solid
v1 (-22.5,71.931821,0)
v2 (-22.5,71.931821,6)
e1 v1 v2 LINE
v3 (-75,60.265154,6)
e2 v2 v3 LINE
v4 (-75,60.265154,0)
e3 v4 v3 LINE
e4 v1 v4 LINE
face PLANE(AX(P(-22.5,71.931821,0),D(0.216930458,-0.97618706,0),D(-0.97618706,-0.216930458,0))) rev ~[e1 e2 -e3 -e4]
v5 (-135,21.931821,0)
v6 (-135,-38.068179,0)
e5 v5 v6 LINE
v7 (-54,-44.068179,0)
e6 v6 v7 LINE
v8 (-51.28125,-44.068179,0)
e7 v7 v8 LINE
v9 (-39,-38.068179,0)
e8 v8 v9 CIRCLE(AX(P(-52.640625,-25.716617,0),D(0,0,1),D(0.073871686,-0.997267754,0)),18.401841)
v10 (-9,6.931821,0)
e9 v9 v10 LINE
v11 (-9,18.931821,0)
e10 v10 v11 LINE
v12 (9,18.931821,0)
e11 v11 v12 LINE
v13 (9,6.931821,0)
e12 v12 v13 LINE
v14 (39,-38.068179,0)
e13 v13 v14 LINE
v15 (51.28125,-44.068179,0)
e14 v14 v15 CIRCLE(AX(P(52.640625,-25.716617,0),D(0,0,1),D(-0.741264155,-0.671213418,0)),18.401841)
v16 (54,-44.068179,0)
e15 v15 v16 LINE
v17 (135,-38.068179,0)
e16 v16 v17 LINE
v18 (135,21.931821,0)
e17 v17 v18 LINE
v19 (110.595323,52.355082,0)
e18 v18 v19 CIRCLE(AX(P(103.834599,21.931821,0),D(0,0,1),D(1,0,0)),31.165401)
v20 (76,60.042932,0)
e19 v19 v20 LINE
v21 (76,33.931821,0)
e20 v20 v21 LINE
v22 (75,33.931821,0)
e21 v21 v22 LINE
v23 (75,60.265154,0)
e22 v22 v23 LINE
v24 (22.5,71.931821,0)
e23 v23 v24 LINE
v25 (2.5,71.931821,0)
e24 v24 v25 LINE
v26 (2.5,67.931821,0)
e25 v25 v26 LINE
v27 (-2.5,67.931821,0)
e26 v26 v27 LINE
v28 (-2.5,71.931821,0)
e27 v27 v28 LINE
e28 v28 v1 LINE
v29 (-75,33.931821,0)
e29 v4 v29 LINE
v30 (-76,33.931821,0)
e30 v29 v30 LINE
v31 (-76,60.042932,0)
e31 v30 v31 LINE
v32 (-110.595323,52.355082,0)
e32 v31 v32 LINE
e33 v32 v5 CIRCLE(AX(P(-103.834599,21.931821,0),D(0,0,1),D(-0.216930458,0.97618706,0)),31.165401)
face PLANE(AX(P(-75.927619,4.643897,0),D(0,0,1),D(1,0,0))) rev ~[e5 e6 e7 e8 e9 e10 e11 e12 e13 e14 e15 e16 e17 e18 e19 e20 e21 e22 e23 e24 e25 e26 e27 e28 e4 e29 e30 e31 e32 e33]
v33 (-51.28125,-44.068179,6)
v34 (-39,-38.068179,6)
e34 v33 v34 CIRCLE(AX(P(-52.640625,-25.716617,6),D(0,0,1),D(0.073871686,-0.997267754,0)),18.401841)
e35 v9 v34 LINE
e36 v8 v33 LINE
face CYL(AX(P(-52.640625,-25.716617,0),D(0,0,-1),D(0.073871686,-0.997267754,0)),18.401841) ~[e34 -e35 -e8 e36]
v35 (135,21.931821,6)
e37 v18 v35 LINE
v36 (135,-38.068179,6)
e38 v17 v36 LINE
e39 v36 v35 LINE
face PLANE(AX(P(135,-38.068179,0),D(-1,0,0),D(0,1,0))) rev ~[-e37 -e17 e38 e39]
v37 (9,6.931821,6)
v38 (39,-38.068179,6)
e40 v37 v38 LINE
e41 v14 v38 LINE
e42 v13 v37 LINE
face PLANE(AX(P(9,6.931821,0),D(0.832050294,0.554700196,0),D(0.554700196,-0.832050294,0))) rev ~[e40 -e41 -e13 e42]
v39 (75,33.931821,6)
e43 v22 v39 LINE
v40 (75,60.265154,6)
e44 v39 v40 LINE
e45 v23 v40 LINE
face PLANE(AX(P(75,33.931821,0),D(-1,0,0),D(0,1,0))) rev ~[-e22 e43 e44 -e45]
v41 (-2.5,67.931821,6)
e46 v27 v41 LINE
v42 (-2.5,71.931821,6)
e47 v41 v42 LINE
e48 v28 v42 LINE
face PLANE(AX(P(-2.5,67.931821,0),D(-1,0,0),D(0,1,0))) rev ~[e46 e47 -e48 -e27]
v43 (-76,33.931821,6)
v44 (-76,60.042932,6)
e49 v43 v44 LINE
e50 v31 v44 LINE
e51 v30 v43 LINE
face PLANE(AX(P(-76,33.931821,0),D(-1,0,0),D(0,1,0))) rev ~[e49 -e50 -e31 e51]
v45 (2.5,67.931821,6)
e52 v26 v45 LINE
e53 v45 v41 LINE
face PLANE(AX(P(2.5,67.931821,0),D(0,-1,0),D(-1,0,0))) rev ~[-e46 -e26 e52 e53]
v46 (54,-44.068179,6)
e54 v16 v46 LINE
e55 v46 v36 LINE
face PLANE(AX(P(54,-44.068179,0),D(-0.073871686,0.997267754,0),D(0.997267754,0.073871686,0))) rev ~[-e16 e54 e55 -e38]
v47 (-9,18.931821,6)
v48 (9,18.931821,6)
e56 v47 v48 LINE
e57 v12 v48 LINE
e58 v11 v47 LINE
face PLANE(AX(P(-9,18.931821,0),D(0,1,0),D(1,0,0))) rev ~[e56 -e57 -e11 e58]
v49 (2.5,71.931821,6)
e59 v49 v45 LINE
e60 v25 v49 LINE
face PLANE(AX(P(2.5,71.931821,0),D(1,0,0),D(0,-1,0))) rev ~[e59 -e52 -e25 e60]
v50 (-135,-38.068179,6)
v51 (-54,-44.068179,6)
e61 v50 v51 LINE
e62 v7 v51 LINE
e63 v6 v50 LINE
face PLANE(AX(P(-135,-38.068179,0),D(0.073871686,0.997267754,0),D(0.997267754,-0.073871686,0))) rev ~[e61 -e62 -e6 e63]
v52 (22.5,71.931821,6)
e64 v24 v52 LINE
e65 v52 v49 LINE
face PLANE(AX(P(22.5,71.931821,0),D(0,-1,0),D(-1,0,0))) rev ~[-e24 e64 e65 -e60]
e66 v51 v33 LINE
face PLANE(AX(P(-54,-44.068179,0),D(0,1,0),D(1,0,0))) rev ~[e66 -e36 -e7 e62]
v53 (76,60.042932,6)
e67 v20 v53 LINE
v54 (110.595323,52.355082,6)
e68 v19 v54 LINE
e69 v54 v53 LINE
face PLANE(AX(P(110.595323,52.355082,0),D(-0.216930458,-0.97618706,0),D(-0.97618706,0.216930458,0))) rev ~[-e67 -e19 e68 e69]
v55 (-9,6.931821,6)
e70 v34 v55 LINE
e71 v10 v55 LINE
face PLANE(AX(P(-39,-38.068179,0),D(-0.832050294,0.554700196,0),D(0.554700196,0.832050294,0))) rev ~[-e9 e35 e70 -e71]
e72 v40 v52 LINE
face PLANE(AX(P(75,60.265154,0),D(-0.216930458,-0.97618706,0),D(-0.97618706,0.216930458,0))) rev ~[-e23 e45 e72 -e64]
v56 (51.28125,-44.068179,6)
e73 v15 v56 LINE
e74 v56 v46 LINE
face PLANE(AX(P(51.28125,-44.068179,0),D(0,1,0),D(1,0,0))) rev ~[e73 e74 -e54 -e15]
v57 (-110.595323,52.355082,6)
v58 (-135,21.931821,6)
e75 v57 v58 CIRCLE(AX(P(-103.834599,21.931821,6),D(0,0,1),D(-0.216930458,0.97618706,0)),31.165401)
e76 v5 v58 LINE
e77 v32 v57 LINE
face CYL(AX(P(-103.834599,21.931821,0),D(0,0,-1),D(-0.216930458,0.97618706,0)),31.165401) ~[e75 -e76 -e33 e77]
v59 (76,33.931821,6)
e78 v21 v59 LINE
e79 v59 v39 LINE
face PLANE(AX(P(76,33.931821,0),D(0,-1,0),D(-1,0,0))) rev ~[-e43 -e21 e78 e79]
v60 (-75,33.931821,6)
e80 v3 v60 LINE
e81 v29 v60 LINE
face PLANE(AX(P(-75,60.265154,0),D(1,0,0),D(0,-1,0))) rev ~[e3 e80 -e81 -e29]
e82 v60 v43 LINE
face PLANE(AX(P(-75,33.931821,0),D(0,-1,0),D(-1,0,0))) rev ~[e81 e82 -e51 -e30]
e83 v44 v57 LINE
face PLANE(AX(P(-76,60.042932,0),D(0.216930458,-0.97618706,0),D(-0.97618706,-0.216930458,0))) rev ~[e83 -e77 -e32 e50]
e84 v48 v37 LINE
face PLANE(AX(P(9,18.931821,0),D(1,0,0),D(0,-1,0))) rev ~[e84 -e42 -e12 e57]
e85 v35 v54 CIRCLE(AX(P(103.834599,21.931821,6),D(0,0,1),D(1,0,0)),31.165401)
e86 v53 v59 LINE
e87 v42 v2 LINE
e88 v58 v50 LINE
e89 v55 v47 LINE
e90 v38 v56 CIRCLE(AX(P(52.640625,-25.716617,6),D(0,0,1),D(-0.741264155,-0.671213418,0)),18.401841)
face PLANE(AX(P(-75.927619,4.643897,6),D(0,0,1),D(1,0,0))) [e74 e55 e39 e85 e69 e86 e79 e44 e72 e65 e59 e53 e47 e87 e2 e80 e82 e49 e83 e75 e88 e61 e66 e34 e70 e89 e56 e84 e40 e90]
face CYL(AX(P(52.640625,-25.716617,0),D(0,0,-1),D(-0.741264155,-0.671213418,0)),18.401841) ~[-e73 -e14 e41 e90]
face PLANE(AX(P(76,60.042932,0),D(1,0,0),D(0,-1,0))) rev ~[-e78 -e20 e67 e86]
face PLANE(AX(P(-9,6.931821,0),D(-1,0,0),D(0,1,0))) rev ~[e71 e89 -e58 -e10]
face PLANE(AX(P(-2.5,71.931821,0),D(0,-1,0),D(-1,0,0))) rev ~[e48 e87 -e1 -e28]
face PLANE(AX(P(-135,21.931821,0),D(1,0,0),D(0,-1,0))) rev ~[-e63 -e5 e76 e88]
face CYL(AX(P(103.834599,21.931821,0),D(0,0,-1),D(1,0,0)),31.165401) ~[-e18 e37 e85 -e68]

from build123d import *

# Parameters (mm, degrees)
F1_DEPTH = 6


with BuildPart() as f1:
    # F0 (on Top) → F1 (new body)
    with BuildSketch(Plane.XY):
        with BuildLine():
            Line((-135, 21.9318206776), (-135, -38.0681793224))
            Line((-135, -38.0681793224), (-54, -38.0681793224))
            Line((-54, -38.0681793224), (-39, -38.0681793224))
            Line((-39, -38.0681793224), (-39, 6.9318206776))
            Line((-39, 6.9318206776), (-9, 6.9318206776))
            Line((-9, 6.9318206776), (-9, 18.9318206776))
            Line((-9, 18.9318206776), (-9, 33.9318206776))
            Line((-9, 33.9318206776), (-75, 33.9318206776))
            Line((-75, 33.9318206776), (-76, 33.9318206776))
            Line((-76, 33.9318206776), (-76, 46.9318206776))
            Line((-76, 46.9318206776), (-122.4432589807, 46.9318206776))
            ThreePointArc((-122.4432589807, 46.9318206776), (-131.6844515136, 35.9199562309), (-135, 21.9318206776))
        make_face()
        Polygon((-39, 6.9318206776), (-39, -38.0681793224), (-9, 6.9318206776), align=None)
        Polygon((9, 6.9318206776), (39, -38.0681793224), (39, 6.9318206776), align=None)
        with BuildLine():
            Line((54, -38.0681793224), (135, -38.0681793224))
            Line((135, -38.0681793224), (135, 21.9318206776))
            ThreePointArc((135, 21.9318206776), (131.6844515136, 35.9199562309), (122.4432589807, 46.9318206776))
            Line((122.4432589807, 46.9318206776), (76, 46.9318206776))
            Line((76, 46.9318206776), (76, 33.9318206776))
            Line((76, 33.9318206776), (75, 33.9318206776))
            Line((75, 33.9318206776), (9, 33.9318206776))
            Line((9, 33.9318206776), (9, 18.9318206776))
            Line((9, 18.9318206776), (9, 6.9318206776))
            Line((9, 6.9318206776), (39, 6.9318206776))
            Line((39, 6.9318206776), (39, -38.0681793224))
            Line((39, -38.0681793224), (54, -38.0681793224))
        make_face()
        with BuildLine():
            Line((-39, -38.0681793224), (-54, -38.0681793224))
            Line((-54, -38.0681793224), (-54, -44.0681793224))
            Line((-54, -44.0681793224), (-51.28125, -44.0681793224))
            ThreePointArc((-51.28125, -44.0681793224), (-44.5628777893, -42.2507556443), (-39, -38.0681793224))
        make_face()
        Polygon((-54, -38.0681793224), (-135, -38.0681793224), (-54, -44.0681793224), align=None)
        with BuildLine():
            Line((54, -44.0681793224), (54, -38.0681793224))
            Line((54, -38.0681793224), (39, -38.0681793224))
            ThreePointArc((39, -38.0681793224), (44.5628777893, -42.2507556443), (51.28125, -44.0681793224))
            Line((51.28125, -44.0681793224), (54, -44.0681793224))
        make_face()
        Polygon((54, -44.0681793224), (135, -38.0681793224), (54, -38.0681793224), align=None)
        Polygon((75, 33.9318206776), (75, 46.9318206776), (-75, 46.9318206776), (-75, 33.9318206776), (-9, 33.9318206776), (0, 33.9318206776), (9, 33.9318206776), align=None)
        Polygon((22.5, 62.9270896316), (22.5, 71.9318206776), (2.5, 71.9318206776), (2.5, 67.9318206776), (-2.5, 67.9318206776), (-2.5, 71.9318206776), (-22.5, 71.9318206776), (-22.5, 62.9270896316), align=None)
        with BuildLine():
            ThreePointArc((-110.5953234954, 52.3550821231), (-116.8058887661, 50.2695670793), (-122.4432589807, 46.9318206776))
            Line((-122.4432589807, 46.9318206776), (-76, 46.9318206776))
            Line((-76, 46.9318206776), (-76, 60.0429317887))
            Line((-76, 60.0429317887), (-110.5953234954, 52.3550821231))
        make_face()
        with BuildLine():
            Line((76, 46.9318206776), (122.4432589807, 46.9318206776))
            ThreePointArc((122.4432589807, 46.9318206776), (116.8058887661, 50.2695670793), (110.5953234954, 52.3550821231))
            Line((110.5953234954, 52.3550821231), (76, 60.0429317887))
            Line((76, 60.0429317887), (76, 46.9318206776))
        make_face()
        Polygon((-75, 46.9318206776), (75, 46.9318206776), (75, 60.2651540109), (22.5, 71.9318206776), (22.5, 62.9270896316), (-22.5, 62.9270896316), (-22.5, 71.9318206776), (-75, 60.2651540109), align=None)
        Polygon((-9, 18.9318206776), (9, 18.9318206776), (9, 33.9318206776), (0, 33.9318206776), (-9, 33.9318206776), align=None)
    extrude(amount=F1_DEPTH)


solid = f1.part
